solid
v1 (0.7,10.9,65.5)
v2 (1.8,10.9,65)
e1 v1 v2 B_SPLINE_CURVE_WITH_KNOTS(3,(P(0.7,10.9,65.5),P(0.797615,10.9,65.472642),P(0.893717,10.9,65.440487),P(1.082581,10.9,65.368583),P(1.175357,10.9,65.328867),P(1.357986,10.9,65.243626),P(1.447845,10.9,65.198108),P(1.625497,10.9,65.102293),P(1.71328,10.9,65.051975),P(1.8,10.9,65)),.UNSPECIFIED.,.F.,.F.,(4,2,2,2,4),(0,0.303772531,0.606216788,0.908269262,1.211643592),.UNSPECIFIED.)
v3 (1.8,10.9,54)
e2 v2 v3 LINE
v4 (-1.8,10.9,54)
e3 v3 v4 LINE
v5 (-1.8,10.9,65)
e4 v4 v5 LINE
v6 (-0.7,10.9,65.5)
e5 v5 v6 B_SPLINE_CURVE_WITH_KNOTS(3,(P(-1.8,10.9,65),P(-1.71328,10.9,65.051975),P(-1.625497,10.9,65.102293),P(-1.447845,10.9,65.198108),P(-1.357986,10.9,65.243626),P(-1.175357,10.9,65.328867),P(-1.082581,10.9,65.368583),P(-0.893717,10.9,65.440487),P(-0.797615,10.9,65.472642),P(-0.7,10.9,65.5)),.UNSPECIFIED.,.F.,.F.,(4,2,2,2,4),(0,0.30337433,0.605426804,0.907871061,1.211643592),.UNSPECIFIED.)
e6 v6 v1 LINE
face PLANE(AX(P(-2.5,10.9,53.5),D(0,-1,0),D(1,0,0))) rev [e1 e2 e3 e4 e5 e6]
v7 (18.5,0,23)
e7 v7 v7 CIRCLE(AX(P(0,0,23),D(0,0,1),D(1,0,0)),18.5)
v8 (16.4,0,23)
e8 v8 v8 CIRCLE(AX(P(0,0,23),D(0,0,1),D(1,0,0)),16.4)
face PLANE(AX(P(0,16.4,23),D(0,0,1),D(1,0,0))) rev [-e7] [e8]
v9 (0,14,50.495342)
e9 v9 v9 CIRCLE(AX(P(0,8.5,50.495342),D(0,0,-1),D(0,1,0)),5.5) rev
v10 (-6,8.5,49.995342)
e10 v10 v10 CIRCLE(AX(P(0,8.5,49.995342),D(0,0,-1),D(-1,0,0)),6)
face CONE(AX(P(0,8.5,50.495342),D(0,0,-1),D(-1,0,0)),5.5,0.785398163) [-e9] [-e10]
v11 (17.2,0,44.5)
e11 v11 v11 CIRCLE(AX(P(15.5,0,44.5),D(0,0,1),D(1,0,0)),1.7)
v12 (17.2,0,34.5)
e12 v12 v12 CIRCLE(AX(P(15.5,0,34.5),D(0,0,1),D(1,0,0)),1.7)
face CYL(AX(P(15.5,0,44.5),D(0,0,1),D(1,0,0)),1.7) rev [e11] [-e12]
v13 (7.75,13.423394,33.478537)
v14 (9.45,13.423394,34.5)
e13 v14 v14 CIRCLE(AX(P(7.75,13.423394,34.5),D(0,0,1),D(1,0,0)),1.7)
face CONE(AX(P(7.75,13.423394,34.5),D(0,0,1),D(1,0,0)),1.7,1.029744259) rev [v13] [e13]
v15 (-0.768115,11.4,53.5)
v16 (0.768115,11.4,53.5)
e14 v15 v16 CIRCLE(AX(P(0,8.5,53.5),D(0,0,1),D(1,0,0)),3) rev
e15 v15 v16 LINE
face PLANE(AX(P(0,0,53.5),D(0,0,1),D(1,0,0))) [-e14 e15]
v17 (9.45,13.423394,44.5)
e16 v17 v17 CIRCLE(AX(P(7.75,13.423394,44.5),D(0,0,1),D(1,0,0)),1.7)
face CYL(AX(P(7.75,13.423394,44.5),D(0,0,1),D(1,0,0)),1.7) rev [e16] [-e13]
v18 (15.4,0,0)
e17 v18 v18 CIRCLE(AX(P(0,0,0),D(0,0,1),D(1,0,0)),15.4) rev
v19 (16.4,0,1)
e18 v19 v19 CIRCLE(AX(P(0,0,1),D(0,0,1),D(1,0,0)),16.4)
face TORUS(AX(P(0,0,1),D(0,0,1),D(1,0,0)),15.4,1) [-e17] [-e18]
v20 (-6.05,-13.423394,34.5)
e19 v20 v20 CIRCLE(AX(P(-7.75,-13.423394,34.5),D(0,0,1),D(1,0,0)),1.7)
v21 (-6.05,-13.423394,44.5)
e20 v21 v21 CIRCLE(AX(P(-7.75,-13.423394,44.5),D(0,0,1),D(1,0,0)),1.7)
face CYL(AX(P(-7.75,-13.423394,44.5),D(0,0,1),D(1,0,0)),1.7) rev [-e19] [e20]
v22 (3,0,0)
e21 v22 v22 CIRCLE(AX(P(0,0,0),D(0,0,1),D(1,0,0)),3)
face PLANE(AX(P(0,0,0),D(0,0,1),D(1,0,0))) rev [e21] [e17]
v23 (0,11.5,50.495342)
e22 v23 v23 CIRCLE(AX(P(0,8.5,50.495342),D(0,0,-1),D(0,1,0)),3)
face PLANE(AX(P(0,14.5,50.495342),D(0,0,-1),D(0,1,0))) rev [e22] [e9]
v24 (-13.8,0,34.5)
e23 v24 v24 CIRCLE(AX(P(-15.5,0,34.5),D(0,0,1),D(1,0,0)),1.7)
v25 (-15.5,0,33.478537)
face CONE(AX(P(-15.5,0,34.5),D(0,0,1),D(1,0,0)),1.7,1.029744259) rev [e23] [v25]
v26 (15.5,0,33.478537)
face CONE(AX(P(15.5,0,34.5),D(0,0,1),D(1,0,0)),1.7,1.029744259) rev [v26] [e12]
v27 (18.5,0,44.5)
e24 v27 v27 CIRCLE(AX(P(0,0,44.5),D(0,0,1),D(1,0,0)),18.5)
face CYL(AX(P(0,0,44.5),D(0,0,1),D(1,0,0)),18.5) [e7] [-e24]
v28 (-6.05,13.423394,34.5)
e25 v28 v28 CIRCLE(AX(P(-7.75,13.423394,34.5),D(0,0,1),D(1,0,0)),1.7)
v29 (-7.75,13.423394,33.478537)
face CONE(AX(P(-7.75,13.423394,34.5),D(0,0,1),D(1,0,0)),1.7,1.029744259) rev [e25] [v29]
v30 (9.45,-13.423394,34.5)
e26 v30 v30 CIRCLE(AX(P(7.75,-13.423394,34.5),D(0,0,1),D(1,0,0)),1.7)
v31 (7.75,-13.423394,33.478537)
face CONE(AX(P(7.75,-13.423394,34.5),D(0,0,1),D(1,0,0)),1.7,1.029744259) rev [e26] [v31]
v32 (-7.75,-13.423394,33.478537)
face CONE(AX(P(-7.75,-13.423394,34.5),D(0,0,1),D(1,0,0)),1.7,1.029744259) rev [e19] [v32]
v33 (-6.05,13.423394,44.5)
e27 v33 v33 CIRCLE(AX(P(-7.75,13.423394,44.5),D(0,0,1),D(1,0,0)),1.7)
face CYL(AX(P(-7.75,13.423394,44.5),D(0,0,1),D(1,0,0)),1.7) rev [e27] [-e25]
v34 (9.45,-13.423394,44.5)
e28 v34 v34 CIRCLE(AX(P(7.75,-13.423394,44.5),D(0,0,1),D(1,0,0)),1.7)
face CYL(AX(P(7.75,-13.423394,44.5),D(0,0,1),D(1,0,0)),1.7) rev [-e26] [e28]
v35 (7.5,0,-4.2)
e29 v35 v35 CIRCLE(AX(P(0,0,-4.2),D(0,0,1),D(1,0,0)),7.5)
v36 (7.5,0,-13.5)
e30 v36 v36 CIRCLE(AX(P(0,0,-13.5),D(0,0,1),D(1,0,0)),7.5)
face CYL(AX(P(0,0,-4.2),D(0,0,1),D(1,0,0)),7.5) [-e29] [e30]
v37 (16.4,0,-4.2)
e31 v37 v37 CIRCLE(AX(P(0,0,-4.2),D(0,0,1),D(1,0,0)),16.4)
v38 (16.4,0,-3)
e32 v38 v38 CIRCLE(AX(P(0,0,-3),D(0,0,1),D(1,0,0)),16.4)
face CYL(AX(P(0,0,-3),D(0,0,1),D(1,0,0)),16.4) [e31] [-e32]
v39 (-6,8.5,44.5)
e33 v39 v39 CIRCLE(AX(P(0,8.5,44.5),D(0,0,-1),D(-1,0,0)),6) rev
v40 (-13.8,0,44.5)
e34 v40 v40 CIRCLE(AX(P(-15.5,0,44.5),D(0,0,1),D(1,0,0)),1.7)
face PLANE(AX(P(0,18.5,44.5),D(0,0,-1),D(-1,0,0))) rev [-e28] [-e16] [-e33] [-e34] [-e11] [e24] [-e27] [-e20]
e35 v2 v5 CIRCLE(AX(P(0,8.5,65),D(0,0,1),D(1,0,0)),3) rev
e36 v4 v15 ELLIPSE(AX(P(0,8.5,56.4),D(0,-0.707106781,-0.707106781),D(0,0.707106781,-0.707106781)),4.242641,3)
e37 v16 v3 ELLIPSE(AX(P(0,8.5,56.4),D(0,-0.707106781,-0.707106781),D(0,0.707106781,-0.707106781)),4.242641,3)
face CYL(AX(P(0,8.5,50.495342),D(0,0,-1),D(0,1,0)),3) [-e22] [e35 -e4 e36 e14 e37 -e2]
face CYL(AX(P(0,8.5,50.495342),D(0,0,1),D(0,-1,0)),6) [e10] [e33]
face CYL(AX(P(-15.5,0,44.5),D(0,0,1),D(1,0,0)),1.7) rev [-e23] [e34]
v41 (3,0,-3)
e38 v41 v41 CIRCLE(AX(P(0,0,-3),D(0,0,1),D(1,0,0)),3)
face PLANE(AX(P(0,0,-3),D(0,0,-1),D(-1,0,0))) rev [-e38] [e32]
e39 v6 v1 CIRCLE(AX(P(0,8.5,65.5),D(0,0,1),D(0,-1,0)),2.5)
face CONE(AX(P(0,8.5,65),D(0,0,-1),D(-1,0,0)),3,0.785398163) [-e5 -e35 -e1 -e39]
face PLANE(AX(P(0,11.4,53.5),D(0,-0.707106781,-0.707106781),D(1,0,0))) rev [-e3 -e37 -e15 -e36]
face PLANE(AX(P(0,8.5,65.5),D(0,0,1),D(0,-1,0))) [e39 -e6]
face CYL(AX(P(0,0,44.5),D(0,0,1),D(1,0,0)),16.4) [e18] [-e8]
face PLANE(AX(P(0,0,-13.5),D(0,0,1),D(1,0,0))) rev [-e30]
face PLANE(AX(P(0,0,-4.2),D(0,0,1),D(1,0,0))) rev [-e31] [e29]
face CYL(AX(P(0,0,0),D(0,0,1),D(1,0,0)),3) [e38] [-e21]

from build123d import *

# Parameters (mm, degrees)
ESQUISSE3_W                  = 5.995341806
ESQUISSE3_H                  = 6
ESQUISSE4_W                  = 15.004658194
ESQUISSE4_H                  = 3
ESQUISSE5_W                  = 5
ESQUISSE5_H                  = 1
ENL_V_MAT_EXTRU_1_DEPTH      = 12
CHANFREIN1_SIZE              = 0.5
ESQUISSE6_W                  = 3
ESQUISSE6_H                  = 3
ESQUISSE7_W                  = 1.2
ESQUISSE7_H                  = 16.4
ESQUISSE8_W                  = 9.3
ESQUISSE8_H                  = 7.5
R_P_TITION_CIRCULAIRE1_COUNT = 6
CONG_1_R                     = 1
CHANFREIN2_SIZE              = 0.5


with BuildPart() as part:
    # Esquisse1 → Révolution1 (revolve)
    with BuildSketch(Plane(origin=(0, 0, 0), x_dir=(0, 0, -1), z_dir=(1, 0, 0))):
        Polygon((0, 0), (0, 16.4), (-23, 16.4), (-23, 18.5), (-44.5, 18.5), (-44.5, 0), align=None)
    revolve(axis=Axis((0, 0, 44.5), (0, 0, -1)))

    # Esquisse3 → Révolution2 (revolve)
    with BuildSketch(Plane(origin=(0, 0, 0), x_dir=(0, 0, -1), z_dir=(1, 0, 0))):
        with Locations((-47.497670903, 11.5)):
            Rectangle(ESQUISSE3_W, ESQUISSE3_H)
    revolve(axis=Axis((0, 8.5, 50.495341806), (0, 0, -1)))

    # Esquisse4 → Révolution3 (revolve)
    with BuildSketch(Plane(origin=(0, 0, 0), x_dir=(0, 0, -1), z_dir=(1, 0, 0))):
        with Locations((-57.997670903, 10)):
            Rectangle(ESQUISSE4_W, ESQUISSE4_H)
    revolve(axis=Axis((0, 8.5, 50.495341806), (0, 0, 1)))

    # Esquisse5 → Enlèv. mat.-Extru.1 (cut)
    with BuildSketch(Plane.XY.offset(65.5)):
        with Locations((0, 11.4)):
            Rectangle(ESQUISSE5_W, ESQUISSE5_H)
    extrude(amount=-ENL_V_MAT_EXTRU_1_DEPTH, mode=Mode.SUBTRACT)

    # Chanfrein1
    chanfrein1_edges = [part.edges().sort_by_distance(p)[0] for p in [
        (0, 5.5, 65.5),
        (0, 10.9, 53.5),
    ]]
    chamfer(chanfrein1_edges, length=CHANFREIN1_SIZE)

    # Esquisse6 → Révolution4 (revolve)
    with BuildSketch(Plane(origin=(0, 0, 0), x_dir=(0, 0, -1), z_dir=(1, 0, 0))):
        with Locations((1.5, 1.5)):
            Rectangle(ESQUISSE6_W, ESQUISSE6_H)
    revolve(axis=Axis((0, 0, 0), (0, 0, -1)))

    # Esquisse7 → Révolution5 (revolve)
    with BuildSketch(Plane(origin=(0, 0, 0), x_dir=(0, 0, -1), z_dir=(1, 0, 0))):
        with Locations((3.6, 8.2)):
            Rectangle(ESQUISSE7_W, ESQUISSE7_H)
    revolve(axis=Axis((0, 0, -3), (0, 0, -1)))

    # Esquisse8 → Révolution6 (revolve)
    with BuildSketch(Plane(origin=(0, 0, 0), x_dir=(0, 0, -1), z_dir=(1, 0, 0))):
        with Locations((8.85, 3.75)):
            Rectangle(ESQUISSE8_W, ESQUISSE8_H)
    revolve(axis=Axis((0, 0, -4.2), (0, 0, -1)))

    # Esquisse12 → Dégagement M31 (revolve, cut)
    with BuildSketch(Plane(origin=(15.5, 0, 44.5), x_dir=(0, -1, 0), z_dir=(1, 0, 0))):
        Polygon((0, 0), (0, 11.021463052), (1.7, 10), (1.7, 0), align=None)
    d_gagement_m31 = revolve(axis=Axis((15.5, 0, 50.85), (0, 0, -1)), mode=Mode.SUBTRACT)

    # Répétition circulaire1: Dégagement M31 ×6 about axis
    r_p_tition_circulaire1_axis = Axis((0, 0, 0), (0, 0, 1))
    for i in range(1, R_P_TITION_CIRCULAIRE1_COUNT):
        add(d_gagement_m31.rotate(r_p_tition_circulaire1_axis, i * 360 / R_P_TITION_CIRCULAIRE1_COUNT), mode=Mode.SUBTRACT)

    # Congé1
    cong_1_edges = [part.edges().sort_by_distance(p)[0] for p in [
        (0, -16.4, 0),
    ]]
    fillet(cong_1_edges, radius=CONG_1_R)

    # Chanfrein2
    chanfrein2_edges = [part.edges().sort_by_distance(p)[0] for p in [
        (0, 2.5, 50.495341806),
    ]]
    chamfer(chanfrein2_edges, length=CHANFREIN2_SIZE)


solid = part.part
